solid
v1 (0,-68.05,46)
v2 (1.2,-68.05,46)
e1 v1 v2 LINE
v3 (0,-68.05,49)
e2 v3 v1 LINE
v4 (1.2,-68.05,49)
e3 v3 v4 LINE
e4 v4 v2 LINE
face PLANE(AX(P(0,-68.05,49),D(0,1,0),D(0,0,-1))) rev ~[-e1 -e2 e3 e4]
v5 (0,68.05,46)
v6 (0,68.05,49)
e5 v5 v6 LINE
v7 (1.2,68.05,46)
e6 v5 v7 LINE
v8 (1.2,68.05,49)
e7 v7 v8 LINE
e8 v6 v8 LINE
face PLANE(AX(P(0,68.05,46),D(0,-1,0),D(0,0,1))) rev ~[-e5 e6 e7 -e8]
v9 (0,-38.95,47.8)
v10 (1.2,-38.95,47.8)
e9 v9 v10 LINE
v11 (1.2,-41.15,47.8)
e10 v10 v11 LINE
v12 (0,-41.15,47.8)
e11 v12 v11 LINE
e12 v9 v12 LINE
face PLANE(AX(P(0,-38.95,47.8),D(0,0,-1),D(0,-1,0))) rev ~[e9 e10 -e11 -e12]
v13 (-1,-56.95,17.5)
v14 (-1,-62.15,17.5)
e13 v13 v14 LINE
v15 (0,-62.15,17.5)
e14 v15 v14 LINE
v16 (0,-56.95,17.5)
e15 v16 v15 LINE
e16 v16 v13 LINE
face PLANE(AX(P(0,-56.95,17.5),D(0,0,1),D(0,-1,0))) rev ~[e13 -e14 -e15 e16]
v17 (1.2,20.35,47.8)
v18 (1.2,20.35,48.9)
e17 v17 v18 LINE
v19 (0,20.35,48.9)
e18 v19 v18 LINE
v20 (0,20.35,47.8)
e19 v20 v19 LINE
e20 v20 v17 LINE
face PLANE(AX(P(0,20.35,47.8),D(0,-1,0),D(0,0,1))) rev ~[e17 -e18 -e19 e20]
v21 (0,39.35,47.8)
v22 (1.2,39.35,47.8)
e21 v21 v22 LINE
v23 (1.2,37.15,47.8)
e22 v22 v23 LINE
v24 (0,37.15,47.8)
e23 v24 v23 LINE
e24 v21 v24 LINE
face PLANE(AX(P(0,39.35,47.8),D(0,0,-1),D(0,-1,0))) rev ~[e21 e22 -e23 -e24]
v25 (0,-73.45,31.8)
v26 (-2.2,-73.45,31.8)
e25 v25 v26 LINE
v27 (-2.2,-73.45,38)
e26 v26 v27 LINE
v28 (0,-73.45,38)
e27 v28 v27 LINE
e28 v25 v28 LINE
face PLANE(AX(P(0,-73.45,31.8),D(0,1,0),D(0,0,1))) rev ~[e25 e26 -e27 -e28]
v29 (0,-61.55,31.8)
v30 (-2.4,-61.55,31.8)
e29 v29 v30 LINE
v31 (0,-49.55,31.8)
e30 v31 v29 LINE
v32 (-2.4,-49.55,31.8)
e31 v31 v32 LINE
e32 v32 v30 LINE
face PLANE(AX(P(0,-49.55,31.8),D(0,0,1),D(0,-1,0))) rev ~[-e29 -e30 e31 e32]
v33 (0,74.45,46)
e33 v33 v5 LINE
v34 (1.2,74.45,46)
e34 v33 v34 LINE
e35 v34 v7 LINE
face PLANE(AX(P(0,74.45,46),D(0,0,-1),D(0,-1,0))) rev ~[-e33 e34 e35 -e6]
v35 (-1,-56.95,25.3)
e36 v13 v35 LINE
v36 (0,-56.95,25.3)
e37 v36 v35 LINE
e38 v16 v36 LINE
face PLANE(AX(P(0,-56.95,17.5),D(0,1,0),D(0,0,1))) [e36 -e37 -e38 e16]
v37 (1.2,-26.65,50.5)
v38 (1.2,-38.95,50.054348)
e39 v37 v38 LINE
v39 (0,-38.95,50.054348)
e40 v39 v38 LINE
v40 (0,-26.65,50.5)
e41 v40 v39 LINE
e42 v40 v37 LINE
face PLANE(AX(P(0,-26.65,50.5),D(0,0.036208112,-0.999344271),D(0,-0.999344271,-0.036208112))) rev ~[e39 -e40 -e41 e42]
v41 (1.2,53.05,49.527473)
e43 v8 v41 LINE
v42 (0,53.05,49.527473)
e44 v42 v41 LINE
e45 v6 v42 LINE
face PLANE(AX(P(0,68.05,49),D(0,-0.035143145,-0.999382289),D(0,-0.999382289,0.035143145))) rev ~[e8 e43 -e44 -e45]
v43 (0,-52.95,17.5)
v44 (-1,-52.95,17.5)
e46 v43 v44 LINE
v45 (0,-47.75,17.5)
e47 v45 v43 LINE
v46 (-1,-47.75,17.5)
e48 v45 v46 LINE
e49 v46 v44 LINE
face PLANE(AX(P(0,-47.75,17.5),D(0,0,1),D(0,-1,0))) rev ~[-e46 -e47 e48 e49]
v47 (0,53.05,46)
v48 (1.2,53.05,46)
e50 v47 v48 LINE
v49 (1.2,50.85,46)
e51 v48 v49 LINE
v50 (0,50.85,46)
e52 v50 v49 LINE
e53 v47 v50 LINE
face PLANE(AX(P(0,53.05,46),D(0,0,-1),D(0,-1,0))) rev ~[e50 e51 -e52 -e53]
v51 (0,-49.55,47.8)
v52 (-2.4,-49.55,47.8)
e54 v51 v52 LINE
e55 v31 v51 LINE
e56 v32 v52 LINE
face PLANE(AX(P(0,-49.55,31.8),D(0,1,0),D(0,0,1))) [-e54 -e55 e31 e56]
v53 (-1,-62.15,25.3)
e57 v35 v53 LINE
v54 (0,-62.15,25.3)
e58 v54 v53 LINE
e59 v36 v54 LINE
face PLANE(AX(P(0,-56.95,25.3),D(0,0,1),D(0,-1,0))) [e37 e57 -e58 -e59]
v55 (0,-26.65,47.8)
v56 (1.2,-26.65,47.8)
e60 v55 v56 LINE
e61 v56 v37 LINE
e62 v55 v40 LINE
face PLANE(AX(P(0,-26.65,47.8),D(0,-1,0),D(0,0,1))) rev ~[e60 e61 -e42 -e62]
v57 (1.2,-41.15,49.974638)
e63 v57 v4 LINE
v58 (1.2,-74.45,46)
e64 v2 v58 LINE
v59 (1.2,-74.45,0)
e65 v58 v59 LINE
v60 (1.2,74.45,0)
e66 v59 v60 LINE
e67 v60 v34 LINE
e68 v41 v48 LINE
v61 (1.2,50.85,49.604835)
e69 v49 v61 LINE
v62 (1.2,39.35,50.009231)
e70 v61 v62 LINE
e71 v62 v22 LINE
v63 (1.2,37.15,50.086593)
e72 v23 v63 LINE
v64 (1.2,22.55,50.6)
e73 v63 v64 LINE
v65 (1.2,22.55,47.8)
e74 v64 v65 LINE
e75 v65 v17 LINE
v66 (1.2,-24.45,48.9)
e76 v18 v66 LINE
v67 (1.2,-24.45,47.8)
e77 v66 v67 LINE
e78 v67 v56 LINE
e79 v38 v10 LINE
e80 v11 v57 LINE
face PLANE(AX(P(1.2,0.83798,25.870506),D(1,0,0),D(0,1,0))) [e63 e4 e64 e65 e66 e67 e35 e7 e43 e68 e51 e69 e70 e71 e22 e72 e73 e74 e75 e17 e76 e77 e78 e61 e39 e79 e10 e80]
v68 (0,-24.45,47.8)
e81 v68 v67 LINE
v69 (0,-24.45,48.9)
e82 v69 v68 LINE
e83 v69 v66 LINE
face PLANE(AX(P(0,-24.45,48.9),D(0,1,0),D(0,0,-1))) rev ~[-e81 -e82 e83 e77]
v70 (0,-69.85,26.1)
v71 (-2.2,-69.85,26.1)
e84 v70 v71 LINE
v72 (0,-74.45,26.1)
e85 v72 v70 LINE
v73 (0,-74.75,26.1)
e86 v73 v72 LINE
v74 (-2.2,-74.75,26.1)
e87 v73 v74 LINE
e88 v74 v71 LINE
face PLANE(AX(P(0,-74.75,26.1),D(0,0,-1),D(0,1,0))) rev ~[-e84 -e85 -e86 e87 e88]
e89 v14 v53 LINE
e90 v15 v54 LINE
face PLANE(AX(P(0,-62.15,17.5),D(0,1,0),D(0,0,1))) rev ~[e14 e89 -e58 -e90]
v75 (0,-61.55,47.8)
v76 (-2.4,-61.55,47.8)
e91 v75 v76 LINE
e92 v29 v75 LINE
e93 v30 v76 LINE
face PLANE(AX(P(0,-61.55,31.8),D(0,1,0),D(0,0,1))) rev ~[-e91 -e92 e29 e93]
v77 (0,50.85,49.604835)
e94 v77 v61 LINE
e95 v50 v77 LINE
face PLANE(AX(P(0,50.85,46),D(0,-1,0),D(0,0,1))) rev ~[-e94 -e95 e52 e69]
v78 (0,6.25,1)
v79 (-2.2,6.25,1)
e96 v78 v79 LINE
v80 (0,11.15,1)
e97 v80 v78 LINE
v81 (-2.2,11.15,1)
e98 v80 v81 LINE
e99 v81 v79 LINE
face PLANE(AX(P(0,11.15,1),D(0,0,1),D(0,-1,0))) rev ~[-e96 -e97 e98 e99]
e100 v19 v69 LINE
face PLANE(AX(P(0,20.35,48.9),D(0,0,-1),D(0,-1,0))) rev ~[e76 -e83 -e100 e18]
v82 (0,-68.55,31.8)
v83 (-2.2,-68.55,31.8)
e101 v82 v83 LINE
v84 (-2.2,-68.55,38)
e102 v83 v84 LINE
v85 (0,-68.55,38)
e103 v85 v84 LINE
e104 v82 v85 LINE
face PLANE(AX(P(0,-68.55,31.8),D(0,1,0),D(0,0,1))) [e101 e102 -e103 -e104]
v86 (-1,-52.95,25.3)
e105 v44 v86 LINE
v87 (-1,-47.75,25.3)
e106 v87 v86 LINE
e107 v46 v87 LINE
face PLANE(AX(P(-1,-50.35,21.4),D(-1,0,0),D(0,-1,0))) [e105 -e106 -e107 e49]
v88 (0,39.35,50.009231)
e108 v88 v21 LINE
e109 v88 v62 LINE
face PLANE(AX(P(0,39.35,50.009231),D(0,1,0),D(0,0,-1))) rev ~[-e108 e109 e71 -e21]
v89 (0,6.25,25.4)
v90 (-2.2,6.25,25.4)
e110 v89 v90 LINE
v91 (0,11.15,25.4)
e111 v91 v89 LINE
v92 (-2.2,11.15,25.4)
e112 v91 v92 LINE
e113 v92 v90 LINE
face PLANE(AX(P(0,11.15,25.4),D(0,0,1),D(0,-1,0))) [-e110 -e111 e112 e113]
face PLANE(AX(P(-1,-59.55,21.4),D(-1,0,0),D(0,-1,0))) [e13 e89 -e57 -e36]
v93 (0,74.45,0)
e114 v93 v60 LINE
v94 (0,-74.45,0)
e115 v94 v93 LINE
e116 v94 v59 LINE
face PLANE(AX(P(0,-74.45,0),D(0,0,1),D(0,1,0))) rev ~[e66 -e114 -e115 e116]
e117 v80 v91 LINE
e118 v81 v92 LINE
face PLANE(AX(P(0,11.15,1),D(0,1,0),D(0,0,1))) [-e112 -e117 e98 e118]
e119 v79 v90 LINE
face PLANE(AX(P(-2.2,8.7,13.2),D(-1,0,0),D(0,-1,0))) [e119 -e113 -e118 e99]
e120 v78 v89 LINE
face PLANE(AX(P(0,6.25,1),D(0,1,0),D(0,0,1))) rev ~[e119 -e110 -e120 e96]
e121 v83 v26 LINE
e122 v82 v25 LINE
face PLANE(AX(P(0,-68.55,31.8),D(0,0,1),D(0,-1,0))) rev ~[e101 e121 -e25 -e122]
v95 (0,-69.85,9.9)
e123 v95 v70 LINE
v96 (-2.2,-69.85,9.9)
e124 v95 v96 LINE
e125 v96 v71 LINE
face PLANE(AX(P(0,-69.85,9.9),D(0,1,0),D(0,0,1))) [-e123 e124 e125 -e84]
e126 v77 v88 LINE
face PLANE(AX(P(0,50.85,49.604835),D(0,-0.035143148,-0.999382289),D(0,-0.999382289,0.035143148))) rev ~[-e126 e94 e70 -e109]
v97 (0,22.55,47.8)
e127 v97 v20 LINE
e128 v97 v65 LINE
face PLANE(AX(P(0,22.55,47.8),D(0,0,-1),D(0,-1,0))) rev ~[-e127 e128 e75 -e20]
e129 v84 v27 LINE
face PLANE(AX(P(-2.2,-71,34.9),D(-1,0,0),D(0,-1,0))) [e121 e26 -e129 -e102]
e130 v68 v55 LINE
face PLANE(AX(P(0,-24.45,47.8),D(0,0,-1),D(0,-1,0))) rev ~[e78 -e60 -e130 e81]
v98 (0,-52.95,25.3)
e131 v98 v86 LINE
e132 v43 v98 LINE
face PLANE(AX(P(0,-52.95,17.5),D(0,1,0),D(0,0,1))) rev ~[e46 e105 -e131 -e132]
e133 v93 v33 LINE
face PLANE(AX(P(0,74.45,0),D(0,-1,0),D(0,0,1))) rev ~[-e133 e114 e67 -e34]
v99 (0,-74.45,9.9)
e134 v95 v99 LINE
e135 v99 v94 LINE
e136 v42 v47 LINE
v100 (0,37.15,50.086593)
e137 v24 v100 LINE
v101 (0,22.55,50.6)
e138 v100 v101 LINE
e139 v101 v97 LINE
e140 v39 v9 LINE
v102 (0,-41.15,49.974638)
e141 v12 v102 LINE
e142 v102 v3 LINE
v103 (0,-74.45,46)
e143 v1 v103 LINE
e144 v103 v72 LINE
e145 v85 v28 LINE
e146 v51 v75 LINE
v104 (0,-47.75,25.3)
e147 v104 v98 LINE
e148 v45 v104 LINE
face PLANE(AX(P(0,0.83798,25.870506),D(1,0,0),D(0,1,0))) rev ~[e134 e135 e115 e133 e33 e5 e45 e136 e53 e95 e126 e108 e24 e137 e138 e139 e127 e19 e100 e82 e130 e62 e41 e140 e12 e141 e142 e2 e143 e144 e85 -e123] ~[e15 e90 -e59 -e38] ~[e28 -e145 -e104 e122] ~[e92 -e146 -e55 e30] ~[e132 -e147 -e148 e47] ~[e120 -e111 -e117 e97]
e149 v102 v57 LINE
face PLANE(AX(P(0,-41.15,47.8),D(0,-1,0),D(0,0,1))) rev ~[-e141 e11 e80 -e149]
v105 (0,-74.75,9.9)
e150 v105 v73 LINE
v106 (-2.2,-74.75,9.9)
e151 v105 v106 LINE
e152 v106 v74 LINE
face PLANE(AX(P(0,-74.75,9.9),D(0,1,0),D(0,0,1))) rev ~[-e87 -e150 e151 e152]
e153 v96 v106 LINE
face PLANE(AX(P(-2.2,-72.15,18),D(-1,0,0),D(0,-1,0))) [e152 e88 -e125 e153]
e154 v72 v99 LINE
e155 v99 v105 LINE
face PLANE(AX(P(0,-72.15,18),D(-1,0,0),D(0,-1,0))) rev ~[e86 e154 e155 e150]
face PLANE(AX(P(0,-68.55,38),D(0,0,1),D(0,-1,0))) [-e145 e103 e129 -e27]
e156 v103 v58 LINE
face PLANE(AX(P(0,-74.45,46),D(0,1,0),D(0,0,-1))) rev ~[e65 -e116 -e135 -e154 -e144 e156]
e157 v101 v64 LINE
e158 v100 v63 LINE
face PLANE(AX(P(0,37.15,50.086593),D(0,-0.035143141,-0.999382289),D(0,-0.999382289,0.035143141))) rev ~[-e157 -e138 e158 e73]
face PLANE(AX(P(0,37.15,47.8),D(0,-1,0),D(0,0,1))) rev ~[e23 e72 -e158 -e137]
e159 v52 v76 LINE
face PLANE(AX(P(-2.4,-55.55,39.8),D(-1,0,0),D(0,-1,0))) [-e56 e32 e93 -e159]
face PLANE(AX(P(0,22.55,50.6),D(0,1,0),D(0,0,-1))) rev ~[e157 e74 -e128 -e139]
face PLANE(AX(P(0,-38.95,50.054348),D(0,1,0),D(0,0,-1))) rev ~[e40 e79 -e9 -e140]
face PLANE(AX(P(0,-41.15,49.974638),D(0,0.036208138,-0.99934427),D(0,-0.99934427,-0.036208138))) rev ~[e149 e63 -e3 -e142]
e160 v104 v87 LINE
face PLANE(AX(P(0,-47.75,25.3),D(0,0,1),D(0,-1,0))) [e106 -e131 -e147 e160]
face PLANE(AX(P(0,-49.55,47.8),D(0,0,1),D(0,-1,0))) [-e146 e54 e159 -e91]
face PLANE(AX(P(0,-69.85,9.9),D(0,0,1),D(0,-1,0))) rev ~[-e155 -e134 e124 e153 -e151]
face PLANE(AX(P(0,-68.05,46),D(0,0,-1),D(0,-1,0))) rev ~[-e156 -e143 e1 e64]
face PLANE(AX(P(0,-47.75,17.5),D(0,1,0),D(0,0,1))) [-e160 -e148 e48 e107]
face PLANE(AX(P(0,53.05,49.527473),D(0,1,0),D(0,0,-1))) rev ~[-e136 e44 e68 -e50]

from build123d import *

# Parameters (mm, degrees)
F1_DEPTH = 1.2
F2_W     = 4.9
F2_H     = 6.2
F2_W_2   = 4.6
F2_H_2   = 16.2
F2_W_3   = 0.3
F2_H_3   = 24.4
F4_DEPTH = 2.2
F2_W_4   = 12
F2_H_4   = 16
F5_DEPTH = 2.4
F2_W_5   = 5.2
F2_H_5   = 7.8
F6_DEPTH = 1


with BuildPart() as f1:
    # F0 (on Right) → F1 (new body)
    with BuildSketch(Plane.YZ):
        Polygon((74.45, 0), (74.45, 46), (68.05, 46), (68.05, 49), (53.05, 49.527473), (53.05, 46), (50.85, 46), (50.85, 49.604835), (39.35, 50.009231), (39.35, 47.8), (37.15, 47.8), (37.15, 50.086593), (22.55, 50.6), (22.55, 47.8), (20.35, 47.8), (20.35, 48.9), (-24.45, 48.9), (-24.45, 47.8), (-26.65, 47.8), (-26.65, 50.5), (-38.95, 50.054348), (-38.95, 47.8), (-41.15, 47.8), (-41.15, 49.974638), (-68.05, 49), (-68.05, 46), (-74.45, 46), (-74.45, 0), align=None)
    extrude(amount=F1_DEPTH)

    # F2 (on face) → F4 (join)
    with BuildSketch(Plane(origin=(0, 0, 0), x_dir=(0, -1, 0), z_dir=(-1, 0, 0))):
        with Locations((71, 34.9)):
            Rectangle(F2_W, F2_H)
        with Locations((72.15, 18)):
            Rectangle(F2_W_2, F2_H_2)
        with Locations((74.6, 18)):
            Rectangle(F2_W_3, F2_H_2)
        with Locations((-8.7, 13.2)):
            Rectangle(F2_W, F2_H_3)
    extrude(amount=F4_DEPTH)

    # F2 (on face) → F5 (join)
    with BuildSketch(Plane(origin=(0, 0, 0), x_dir=(0, -1, 0), z_dir=(-1, 0, 0))):
        with Locations((55.55, 39.8)):
            Rectangle(F2_W_4, F2_H_4)
    extrude(amount=F5_DEPTH)

    # F2 (on face) → F6 (join)
    with BuildSketch(Plane(origin=(0, 0, 0), x_dir=(0, -1, 0), z_dir=(-1, 0, 0))):
        with Locations((50.35, 21.4)):
            Rectangle(F2_W_5, F2_H_5)
        with Locations((59.55, 21.4)):
            Rectangle(F2_W_5, F2_H_5)
    extrude(amount=F6_DEPTH)


solid = f1.part
